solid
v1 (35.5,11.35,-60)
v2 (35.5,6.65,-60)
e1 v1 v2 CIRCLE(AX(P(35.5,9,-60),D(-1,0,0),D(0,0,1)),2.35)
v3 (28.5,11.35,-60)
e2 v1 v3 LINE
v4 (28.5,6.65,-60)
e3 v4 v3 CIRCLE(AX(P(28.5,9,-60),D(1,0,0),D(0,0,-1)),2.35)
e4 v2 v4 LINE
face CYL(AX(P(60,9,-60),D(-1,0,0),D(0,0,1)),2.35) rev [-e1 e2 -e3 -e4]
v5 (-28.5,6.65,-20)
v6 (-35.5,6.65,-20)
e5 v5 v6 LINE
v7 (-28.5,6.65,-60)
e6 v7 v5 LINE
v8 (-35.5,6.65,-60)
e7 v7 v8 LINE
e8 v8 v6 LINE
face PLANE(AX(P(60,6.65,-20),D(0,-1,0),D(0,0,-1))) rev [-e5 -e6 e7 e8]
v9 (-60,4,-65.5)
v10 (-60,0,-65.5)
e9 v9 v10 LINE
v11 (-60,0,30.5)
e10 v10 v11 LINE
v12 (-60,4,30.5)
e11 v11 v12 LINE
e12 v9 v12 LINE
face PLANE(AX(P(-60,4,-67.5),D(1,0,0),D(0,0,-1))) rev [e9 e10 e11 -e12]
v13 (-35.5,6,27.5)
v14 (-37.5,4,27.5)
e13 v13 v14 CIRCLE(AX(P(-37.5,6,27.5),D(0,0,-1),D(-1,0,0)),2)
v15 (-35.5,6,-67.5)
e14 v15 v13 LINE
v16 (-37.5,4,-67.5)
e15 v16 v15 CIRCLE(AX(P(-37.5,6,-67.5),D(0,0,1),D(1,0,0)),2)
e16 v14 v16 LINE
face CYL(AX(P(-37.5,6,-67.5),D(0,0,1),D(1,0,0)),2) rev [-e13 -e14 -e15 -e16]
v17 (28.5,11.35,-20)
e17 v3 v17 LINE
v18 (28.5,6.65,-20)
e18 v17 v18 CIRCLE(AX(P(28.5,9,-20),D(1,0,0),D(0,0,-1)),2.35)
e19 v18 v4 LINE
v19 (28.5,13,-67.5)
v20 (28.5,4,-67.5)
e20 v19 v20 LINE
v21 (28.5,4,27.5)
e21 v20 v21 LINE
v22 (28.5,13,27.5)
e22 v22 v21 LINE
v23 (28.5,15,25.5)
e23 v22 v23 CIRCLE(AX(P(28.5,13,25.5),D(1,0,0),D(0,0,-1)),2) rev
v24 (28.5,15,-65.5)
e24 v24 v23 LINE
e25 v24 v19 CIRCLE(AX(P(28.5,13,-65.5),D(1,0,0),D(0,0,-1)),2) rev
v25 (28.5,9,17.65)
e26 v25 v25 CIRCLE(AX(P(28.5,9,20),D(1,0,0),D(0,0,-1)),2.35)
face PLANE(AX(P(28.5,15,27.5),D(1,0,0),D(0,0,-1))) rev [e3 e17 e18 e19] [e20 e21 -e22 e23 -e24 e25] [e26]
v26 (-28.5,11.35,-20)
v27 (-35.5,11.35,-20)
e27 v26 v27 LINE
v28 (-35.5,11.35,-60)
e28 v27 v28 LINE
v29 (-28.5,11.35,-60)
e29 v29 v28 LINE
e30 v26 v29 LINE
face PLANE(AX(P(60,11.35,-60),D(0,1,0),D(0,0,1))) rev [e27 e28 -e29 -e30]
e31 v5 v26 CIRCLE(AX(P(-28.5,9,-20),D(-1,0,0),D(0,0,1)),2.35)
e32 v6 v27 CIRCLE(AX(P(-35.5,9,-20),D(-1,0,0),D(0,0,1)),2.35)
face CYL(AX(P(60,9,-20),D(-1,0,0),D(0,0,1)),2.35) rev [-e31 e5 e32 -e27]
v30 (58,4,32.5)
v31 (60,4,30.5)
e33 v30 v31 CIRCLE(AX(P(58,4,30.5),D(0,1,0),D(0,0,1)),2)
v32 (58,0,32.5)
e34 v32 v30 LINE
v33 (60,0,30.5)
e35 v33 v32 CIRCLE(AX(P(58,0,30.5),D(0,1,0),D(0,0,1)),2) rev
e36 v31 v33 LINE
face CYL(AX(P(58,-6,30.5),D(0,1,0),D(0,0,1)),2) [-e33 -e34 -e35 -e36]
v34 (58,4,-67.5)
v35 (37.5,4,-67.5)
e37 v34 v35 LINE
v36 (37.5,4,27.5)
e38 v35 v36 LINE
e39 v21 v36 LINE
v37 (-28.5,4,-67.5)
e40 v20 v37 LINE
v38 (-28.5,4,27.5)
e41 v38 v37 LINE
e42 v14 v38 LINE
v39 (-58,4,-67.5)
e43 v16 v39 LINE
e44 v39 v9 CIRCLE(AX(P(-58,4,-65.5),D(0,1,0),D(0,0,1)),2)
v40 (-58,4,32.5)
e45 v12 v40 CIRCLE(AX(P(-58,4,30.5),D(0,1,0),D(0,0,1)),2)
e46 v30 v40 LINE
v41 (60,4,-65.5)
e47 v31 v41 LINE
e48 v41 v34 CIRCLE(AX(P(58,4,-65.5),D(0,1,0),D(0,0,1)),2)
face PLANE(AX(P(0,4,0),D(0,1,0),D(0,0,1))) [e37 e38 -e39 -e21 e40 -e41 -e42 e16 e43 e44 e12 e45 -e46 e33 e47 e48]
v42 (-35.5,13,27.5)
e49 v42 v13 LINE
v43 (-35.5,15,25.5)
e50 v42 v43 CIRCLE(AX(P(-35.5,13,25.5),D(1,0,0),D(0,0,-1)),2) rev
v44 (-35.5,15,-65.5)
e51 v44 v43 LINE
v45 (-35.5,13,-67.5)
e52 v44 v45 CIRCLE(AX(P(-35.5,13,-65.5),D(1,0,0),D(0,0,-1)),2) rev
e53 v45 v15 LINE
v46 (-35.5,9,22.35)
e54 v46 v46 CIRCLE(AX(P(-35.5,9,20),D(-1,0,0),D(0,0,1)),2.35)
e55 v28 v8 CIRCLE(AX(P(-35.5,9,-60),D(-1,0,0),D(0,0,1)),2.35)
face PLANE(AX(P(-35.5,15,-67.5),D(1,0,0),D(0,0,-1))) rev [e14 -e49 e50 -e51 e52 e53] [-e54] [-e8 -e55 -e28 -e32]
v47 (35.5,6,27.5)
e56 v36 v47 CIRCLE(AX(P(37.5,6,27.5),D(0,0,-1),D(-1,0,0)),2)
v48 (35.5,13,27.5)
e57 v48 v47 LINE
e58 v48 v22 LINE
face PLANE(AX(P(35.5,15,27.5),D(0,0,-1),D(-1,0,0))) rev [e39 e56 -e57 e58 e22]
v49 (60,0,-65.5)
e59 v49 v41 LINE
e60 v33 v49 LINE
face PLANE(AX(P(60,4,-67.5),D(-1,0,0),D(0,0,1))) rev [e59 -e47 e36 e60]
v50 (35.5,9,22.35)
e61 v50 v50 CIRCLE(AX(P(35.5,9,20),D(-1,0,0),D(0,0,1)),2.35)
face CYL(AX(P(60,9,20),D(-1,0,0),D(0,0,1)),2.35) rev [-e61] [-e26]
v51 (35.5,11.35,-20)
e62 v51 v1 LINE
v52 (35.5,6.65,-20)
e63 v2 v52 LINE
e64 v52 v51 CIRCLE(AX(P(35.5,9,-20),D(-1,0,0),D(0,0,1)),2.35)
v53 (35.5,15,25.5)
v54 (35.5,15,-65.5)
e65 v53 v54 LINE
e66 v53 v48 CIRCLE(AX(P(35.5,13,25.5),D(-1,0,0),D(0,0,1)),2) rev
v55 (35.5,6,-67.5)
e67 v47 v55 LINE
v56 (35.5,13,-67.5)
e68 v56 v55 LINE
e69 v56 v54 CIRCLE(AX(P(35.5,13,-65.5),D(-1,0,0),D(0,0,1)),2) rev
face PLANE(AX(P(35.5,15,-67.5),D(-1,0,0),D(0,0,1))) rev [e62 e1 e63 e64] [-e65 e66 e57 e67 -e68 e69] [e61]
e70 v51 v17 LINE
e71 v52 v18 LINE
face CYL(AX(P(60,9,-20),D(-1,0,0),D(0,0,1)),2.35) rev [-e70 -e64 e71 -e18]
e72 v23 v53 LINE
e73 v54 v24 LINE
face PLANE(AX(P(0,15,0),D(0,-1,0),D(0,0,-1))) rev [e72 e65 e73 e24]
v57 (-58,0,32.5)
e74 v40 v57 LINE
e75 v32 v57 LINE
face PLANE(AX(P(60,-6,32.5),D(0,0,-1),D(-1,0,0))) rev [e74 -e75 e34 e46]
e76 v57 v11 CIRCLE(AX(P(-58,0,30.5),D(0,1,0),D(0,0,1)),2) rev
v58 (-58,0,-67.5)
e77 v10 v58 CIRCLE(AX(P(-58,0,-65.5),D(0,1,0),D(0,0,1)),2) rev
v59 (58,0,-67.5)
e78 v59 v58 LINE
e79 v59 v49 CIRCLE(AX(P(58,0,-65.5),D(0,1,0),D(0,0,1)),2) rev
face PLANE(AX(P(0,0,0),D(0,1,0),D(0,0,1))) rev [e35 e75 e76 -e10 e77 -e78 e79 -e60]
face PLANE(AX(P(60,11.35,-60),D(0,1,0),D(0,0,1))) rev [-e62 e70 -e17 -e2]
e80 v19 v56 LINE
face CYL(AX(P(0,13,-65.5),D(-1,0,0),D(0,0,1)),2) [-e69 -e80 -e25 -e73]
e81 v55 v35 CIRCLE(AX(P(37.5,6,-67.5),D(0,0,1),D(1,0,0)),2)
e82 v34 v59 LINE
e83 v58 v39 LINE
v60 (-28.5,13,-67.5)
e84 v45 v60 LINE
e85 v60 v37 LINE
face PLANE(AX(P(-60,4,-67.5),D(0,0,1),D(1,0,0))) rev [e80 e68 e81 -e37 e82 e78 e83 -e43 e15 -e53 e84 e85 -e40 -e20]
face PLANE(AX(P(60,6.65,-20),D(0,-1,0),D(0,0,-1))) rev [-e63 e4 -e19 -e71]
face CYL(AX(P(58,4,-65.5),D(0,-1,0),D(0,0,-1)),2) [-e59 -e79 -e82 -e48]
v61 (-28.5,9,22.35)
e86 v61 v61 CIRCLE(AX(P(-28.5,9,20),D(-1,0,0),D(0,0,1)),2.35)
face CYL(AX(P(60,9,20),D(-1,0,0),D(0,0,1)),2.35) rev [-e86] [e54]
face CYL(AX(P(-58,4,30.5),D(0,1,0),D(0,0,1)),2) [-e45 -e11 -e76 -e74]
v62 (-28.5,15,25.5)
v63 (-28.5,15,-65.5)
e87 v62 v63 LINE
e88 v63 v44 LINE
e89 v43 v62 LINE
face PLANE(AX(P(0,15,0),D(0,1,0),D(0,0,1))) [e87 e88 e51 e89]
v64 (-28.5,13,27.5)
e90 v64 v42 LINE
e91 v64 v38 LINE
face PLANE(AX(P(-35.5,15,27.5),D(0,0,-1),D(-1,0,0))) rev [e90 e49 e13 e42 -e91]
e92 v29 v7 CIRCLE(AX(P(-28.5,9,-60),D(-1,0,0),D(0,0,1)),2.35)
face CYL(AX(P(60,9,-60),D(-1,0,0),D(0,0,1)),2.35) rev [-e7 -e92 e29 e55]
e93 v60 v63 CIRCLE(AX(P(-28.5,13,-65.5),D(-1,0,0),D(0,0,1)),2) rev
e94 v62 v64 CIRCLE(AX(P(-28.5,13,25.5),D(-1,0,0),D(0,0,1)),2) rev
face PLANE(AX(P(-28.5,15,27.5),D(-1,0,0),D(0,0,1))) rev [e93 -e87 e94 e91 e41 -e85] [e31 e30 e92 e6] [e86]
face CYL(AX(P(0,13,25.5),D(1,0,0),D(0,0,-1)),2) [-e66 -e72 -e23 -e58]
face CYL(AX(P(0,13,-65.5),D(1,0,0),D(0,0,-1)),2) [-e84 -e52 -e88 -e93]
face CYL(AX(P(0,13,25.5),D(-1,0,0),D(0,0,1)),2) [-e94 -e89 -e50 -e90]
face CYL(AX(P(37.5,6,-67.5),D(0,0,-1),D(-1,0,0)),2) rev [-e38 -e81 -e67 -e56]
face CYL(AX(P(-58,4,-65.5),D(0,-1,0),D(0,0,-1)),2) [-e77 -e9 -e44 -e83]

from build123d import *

# Parameters (mm, degrees)
SKETCH_1_W          = 120
SKETCH_1_H          = 135
EXTRUDE_1_DEPTH     = 4
SKETCH_2_W          = 7
SKETCH_2_H          = 95
EXTRUDE_2_DEPTH     = 11
SKETCH_4_R          = 2.35
CUT_EXTRUDE_2_DEPTH = 118.904622471
SKETCH_5_W          = 120
SKETCH_5_H          = 35
CUT_EXTRUDE_3_DEPTH = 10
FILLET_1_R          = 2


with BuildPart() as part:
    # 草图1 → 凸台-拉伸1 (new body)
    with BuildSketch(Plane(origin=(0, 0, 0), x_dir=(1, 0, 0), z_dir=(0, 1, 0))):
        Rectangle(SKETCH_1_W, SKETCH_1_H)
    extrude(amount=EXTRUDE_1_DEPTH)

    # 草图2 → 凸台-拉伸2 (add)
    with BuildSketch(Plane(origin=(0, 4, 0), x_dir=(1, 0, 0), z_dir=(0, 1, 0))):
        with Locations((-32, 20)):
            Rectangle(SKETCH_2_W, SKETCH_2_H)
        with Locations((32, 20)):
            Rectangle(SKETCH_2_W, SKETCH_2_H)
    extrude(amount=EXTRUDE_2_DEPTH)

    # 草图4 → 切除-拉伸2 (cut, through all)
    with BuildSketch(Plane.ZY.offset(35.5)):
        with Locations((20, 9)):
            Circle(SKETCH_4_R)
        with BuildLine():
            Line((-60, 11.35), (-20, 11.35))
            ThreePointArc((-20, 11.35), (-17.65, 9), (-20, 6.65))
            Line((-20, 6.65), (-60, 6.65))
            ThreePointArc((-60, 6.65), (-62.35, 9), (-60, 11.35))
        make_face()
    extrude(amount=-CUT_EXTRUDE_2_DEPTH, mode=Mode.SUBTRACT)

    # 草图5 → 切除-拉伸3 (cut)
    with BuildSketch(Plane(origin=(0, 4, 0), x_dir=(1, 0, 0), z_dir=(0, 1, 0))):
        with Locations((0, -50)):
            Rectangle(SKETCH_5_W, SKETCH_5_H)
    extrude(amount=-CUT_EXTRUDE_3_DEPTH, mode=Mode.SUBTRACT)

    # 圆角1
    fillet_1_edges = [part.edges().sort_by_distance(p)[0] for p in [
        (-35.5, 4, -20),
        (-32, 15, -67.5),
        (-32, 15, 27.5),
        (35.5, 4, -20),
        (32, 15, -67.5),
        (32, 15, 27.5),
        (-60, 2, -67.5),
        (60, 2, -67.5),
        (60, 2, 32.5),
        (-60, 2, 32.5),
    ]]
    fillet(fillet_1_edges, radius=FILLET_1_R)


solid = part.part
